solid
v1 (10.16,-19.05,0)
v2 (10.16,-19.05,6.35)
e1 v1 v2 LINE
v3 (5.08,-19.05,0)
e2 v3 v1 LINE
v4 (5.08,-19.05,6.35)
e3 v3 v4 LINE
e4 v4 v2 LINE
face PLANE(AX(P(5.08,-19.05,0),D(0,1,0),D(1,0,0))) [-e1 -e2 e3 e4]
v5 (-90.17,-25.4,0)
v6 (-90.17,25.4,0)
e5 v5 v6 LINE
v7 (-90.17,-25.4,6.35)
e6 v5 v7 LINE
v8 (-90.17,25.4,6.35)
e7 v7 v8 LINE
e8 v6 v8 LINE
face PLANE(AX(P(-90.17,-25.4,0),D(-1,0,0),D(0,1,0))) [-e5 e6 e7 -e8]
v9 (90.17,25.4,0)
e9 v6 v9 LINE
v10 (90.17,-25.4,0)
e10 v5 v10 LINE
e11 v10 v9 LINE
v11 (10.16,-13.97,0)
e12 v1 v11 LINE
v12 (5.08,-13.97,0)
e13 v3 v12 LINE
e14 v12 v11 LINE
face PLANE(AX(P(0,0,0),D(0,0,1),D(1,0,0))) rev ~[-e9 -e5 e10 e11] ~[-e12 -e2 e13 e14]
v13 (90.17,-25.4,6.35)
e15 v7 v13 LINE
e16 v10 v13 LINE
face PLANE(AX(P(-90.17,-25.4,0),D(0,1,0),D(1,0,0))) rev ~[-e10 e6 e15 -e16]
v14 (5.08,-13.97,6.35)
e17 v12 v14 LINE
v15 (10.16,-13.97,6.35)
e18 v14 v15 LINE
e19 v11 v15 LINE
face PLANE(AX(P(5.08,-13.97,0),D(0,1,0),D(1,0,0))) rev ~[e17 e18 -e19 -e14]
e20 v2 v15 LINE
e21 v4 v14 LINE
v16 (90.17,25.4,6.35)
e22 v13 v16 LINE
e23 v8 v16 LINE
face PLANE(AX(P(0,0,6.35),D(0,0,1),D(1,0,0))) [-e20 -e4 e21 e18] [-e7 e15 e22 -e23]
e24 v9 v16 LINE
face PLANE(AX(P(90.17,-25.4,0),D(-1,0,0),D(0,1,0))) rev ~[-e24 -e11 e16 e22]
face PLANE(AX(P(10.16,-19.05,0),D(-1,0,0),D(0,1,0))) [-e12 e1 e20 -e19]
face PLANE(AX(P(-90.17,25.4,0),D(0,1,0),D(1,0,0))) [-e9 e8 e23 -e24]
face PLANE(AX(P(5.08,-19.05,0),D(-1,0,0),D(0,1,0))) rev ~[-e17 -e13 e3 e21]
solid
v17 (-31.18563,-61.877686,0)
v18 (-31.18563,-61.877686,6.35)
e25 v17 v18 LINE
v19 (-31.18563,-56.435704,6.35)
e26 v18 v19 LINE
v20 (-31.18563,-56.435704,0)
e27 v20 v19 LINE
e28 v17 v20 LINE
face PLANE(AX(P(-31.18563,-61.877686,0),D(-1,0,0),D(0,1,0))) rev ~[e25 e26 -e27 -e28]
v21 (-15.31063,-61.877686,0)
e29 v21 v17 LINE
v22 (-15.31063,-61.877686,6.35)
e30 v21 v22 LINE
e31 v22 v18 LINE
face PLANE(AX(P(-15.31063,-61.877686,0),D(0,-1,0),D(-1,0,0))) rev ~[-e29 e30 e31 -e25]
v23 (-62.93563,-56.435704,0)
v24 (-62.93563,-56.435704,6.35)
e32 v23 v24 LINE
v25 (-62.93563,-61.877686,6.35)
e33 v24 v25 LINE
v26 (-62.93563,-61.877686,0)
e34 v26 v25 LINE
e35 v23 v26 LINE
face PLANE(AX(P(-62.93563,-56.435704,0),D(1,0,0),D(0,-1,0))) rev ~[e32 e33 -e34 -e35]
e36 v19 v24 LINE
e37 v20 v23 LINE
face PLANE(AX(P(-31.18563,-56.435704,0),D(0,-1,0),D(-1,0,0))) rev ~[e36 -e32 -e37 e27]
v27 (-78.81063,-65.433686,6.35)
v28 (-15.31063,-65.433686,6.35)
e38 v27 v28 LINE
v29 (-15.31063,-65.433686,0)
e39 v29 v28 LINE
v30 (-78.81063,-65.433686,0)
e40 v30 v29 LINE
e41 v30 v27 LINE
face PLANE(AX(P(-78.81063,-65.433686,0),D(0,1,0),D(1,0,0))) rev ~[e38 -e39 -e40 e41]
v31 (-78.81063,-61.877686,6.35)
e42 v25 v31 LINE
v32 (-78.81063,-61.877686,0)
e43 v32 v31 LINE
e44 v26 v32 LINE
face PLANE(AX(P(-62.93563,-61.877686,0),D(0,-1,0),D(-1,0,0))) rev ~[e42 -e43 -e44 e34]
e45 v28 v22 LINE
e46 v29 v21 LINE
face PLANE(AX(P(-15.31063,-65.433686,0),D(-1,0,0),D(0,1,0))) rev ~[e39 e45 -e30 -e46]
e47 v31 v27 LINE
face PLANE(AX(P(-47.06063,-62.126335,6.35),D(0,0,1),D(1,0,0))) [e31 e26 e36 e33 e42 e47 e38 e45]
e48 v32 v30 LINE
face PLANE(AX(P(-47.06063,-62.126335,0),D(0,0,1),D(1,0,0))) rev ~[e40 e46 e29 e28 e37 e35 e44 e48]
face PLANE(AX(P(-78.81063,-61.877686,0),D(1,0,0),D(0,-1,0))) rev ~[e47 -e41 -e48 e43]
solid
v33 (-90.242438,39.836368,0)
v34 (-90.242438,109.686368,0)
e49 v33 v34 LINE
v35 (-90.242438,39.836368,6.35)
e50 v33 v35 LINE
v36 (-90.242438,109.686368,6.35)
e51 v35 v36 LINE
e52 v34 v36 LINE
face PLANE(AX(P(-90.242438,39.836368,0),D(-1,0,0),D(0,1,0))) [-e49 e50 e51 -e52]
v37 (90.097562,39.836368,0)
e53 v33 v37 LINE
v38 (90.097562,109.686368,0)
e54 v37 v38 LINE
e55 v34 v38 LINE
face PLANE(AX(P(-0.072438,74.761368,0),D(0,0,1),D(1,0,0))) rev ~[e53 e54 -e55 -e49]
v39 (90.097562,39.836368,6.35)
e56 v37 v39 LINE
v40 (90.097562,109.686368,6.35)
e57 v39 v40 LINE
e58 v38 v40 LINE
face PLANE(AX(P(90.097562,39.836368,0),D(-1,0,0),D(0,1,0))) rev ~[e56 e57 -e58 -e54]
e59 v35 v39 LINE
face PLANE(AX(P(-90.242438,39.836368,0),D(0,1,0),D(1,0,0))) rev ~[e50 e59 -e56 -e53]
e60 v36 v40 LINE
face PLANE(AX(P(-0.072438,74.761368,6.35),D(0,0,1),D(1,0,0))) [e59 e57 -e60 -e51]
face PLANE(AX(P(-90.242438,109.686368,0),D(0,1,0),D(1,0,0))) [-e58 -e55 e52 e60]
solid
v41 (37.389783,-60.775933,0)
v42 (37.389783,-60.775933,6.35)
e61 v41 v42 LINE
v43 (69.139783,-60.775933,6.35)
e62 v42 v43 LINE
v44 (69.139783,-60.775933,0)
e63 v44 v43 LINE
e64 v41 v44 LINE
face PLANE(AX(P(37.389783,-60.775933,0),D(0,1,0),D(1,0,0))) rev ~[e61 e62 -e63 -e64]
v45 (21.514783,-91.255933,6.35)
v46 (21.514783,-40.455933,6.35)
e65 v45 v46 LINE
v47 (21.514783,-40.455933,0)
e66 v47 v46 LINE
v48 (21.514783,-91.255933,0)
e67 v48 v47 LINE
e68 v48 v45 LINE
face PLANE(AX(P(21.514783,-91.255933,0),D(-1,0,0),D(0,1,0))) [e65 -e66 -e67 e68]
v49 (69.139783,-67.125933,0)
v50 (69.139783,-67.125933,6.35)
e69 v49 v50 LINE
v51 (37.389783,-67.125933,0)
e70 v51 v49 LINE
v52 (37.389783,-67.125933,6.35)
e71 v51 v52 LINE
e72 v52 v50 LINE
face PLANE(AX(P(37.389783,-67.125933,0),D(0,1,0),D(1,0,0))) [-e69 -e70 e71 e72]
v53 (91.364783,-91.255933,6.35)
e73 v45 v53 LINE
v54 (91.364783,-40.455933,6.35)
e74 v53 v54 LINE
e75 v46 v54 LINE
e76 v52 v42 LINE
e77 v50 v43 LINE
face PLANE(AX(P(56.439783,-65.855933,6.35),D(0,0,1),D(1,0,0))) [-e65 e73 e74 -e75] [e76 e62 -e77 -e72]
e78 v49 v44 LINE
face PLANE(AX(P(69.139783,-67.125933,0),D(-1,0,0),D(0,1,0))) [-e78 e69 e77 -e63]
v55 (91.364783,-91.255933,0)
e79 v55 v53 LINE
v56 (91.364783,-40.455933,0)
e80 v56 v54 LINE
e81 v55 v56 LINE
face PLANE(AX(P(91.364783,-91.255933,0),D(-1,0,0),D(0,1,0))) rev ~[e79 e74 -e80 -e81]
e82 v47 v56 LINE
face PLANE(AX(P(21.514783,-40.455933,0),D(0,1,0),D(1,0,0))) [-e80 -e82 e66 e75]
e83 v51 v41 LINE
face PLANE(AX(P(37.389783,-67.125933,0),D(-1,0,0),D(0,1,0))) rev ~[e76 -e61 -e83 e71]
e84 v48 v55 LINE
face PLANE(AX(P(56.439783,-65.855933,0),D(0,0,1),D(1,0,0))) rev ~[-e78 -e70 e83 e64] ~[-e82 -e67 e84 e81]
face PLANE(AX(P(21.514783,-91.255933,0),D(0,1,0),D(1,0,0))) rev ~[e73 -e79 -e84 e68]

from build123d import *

# Parameters (mm, degrees)
F0_W     = 180.34
F0_H     = 50.8
F0_W_2   = 5.08
F0_H_2   = 5.08
F1_DEPTH = 6.35
F2_W     = 69.85
F2_H     = 50.8
F2_W_2   = 31.75
F2_H_2   = 6.35
F3_DEPTH = 6.35
F4_W     = 180.34
F4_H     = 69.85
F5_DEPTH = 6.35
F7_DEPTH = 6.35


with BuildPart() as f1:
    # F0 (on Top) → F1 (new body)
    with BuildSketch(Plane.XY):
        Rectangle(F0_W, F0_H)
        with Locations((7.62, -16.51)):
            Rectangle(F0_W_2, F0_H_2, mode=Mode.SUBTRACT)
    extrude(amount=F1_DEPTH)


with BuildPart() as f3:
    # F2 (on Top) → F3 (new body)
    with BuildSketch(Plane.XY):
        with Locations((56.439783, -65.855933)):
            Rectangle(F2_W, F2_H)
        with Locations((53.264783, -63.950933)):
            Rectangle(F2_W_2, F2_H_2, mode=Mode.SUBTRACT)
    extrude(amount=F3_DEPTH)


with BuildPart() as f5:
    # F4 (on Top) → F5 (new body)
    with BuildSketch(Plane.XY):
        with Locations((-0.072438, 74.761368)):
            Rectangle(F4_W, F4_H)
    extrude(amount=F5_DEPTH)


with BuildPart() as f7:
    # F6 (on Top) → F7 (new body)
    with BuildSketch(Plane.XY):
        Polygon((-62.93563, -61.877686), (-78.81063, -61.877686), (-78.81063, -65.433686), (-15.31063, -65.433686), (-15.31063, -61.877686), (-31.18563, -61.877686), (-31.18563, -56.435704), (-62.93563, -56.435704), align=None)
    extrude(amount=F7_DEPTH)


solid = Compound([f1.part, f3.part, f5.part, f7.part])
